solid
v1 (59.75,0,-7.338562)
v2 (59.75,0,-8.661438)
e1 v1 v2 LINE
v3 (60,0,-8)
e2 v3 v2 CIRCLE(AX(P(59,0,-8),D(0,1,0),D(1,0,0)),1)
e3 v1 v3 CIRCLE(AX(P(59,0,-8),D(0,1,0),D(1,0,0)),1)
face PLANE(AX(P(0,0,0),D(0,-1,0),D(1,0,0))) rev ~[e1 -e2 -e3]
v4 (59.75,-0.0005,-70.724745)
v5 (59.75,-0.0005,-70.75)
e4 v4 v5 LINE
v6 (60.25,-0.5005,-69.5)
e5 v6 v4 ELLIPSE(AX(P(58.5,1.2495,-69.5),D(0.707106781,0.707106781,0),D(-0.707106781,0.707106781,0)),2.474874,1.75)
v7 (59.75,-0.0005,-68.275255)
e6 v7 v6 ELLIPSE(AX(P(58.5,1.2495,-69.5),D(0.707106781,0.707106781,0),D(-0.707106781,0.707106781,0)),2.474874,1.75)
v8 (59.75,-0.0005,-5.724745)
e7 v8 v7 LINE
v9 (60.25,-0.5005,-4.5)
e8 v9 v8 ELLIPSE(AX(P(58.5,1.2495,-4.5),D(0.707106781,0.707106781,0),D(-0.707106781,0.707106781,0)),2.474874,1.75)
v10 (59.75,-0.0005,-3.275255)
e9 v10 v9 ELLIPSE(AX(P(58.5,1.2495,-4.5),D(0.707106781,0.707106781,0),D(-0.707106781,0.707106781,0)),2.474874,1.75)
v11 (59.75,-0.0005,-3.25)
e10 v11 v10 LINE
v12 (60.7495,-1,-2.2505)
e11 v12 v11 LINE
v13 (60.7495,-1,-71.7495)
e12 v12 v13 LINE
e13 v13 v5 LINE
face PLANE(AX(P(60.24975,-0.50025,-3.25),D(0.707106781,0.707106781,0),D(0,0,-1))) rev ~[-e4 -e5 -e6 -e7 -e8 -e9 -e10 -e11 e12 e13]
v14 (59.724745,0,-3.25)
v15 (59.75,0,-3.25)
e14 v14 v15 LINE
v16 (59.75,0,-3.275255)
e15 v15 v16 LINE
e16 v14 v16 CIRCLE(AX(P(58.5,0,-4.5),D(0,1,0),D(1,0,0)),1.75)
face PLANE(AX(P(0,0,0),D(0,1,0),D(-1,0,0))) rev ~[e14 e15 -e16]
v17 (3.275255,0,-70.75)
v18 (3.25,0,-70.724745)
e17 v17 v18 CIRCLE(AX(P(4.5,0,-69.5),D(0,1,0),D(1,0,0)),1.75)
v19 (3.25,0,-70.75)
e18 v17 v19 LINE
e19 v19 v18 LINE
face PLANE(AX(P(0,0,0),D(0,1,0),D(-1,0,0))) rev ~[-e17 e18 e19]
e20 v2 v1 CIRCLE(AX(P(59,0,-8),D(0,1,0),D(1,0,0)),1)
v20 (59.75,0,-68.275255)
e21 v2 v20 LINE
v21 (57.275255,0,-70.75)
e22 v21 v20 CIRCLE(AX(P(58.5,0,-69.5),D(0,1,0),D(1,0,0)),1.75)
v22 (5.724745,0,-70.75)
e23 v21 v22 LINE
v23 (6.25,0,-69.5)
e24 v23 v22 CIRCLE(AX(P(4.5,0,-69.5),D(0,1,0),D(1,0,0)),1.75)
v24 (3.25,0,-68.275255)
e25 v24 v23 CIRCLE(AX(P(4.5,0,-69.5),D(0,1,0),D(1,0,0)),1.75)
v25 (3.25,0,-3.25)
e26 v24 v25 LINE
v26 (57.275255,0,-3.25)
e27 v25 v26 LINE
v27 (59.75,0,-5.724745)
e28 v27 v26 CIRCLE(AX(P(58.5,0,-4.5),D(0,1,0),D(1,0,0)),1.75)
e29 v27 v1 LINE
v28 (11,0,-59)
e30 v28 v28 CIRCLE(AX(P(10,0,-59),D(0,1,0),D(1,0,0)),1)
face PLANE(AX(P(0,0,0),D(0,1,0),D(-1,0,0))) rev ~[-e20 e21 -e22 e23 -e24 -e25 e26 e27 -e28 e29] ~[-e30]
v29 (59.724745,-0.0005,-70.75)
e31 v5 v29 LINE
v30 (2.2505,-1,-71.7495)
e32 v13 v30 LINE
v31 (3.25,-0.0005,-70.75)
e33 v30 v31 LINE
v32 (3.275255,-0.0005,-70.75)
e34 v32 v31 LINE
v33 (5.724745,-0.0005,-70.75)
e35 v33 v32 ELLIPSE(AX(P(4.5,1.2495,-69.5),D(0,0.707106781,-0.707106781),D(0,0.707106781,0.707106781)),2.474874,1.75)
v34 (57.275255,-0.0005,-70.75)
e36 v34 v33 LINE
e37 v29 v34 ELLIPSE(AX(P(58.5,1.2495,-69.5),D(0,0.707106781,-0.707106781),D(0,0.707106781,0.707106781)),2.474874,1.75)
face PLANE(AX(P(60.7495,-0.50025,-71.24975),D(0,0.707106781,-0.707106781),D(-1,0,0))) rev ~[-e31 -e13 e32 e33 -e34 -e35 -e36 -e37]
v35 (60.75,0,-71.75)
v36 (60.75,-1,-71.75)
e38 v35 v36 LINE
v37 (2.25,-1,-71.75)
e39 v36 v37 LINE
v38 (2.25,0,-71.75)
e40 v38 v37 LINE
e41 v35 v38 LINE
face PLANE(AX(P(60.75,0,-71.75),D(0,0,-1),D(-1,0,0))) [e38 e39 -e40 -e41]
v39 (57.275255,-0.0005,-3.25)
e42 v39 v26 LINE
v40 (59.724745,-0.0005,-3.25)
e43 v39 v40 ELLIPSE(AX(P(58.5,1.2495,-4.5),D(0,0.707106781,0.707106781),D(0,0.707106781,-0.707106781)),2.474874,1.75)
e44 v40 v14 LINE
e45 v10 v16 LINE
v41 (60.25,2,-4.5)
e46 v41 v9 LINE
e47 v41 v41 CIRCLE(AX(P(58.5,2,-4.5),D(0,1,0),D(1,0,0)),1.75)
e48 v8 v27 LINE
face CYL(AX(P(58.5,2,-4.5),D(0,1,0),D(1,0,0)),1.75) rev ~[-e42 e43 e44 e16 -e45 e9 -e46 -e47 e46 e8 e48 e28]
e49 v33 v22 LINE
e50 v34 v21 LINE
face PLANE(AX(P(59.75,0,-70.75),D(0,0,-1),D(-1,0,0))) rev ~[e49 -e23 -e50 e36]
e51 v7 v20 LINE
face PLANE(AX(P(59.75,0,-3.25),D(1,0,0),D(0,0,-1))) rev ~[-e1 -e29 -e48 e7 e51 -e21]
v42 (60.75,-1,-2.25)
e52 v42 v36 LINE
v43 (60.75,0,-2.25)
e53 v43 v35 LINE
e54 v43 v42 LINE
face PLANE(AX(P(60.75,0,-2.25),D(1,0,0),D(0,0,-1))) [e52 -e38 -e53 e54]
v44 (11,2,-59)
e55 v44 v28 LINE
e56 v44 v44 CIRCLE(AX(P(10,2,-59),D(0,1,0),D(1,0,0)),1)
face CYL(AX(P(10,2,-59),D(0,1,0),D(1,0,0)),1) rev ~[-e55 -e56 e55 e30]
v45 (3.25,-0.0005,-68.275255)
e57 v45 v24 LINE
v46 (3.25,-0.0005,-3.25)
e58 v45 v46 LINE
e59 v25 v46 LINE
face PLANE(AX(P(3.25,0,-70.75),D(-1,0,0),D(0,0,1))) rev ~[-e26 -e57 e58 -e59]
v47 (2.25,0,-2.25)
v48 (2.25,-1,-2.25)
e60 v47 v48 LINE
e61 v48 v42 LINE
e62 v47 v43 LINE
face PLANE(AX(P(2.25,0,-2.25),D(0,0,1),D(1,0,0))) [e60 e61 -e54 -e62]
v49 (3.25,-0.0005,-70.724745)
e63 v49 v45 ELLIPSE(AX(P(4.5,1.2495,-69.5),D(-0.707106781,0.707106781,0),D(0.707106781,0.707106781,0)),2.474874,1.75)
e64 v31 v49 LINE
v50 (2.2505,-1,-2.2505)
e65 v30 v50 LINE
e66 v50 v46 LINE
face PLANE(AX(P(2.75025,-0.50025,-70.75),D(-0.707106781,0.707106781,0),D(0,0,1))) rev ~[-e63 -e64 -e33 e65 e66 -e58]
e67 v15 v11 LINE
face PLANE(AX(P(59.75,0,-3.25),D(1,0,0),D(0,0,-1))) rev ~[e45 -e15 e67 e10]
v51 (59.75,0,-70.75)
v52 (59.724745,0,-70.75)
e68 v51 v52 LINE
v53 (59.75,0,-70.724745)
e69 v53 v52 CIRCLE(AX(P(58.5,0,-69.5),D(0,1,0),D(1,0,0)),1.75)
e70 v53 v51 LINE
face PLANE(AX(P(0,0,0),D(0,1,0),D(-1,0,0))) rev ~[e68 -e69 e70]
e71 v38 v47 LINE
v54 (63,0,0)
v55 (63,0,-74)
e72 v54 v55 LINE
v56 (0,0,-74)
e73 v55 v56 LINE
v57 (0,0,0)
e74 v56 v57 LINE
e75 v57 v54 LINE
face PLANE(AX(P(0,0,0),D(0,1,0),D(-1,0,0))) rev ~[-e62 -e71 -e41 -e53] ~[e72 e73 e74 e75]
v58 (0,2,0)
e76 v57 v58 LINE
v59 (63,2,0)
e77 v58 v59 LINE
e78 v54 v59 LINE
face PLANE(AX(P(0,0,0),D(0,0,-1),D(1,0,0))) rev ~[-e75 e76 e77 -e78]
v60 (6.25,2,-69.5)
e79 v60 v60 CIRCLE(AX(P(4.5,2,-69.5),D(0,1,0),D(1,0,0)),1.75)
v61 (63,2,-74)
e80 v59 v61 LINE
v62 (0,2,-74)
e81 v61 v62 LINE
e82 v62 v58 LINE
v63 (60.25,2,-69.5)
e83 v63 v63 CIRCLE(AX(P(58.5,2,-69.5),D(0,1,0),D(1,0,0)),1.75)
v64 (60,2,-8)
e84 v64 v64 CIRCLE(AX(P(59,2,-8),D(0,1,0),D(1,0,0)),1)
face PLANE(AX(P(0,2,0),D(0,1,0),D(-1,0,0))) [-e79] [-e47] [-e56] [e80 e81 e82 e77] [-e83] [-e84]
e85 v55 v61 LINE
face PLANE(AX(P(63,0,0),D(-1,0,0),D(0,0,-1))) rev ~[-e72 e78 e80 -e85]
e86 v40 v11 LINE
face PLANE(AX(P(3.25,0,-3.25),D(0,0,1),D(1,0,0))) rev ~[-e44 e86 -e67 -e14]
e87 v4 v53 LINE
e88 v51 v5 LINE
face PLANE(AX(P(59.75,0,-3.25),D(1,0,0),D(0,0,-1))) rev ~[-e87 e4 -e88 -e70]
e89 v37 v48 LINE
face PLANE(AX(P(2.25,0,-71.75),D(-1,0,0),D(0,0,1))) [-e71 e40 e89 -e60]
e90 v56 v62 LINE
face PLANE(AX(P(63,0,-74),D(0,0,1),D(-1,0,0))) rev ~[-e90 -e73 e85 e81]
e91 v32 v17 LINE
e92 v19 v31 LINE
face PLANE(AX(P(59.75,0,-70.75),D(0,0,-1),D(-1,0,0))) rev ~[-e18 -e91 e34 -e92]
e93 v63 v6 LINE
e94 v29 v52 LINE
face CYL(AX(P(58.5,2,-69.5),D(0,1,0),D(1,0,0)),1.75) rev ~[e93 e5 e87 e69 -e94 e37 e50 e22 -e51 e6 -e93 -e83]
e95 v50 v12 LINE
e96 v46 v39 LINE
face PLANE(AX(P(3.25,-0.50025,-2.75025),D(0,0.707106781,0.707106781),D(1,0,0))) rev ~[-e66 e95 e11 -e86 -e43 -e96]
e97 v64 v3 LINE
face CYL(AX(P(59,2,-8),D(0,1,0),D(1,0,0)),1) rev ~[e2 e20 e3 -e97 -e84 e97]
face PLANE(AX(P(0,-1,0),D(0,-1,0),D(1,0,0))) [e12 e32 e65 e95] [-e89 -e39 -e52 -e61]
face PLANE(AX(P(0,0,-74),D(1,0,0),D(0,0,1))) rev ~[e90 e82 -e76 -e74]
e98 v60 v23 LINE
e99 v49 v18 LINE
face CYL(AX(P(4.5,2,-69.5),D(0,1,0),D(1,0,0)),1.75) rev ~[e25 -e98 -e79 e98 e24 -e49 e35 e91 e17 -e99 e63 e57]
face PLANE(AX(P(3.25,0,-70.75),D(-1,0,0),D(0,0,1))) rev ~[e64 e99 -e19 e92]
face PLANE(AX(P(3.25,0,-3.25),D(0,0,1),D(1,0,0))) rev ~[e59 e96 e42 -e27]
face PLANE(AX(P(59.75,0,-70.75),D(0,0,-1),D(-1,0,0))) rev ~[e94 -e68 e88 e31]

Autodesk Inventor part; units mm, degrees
ref_plane "YZ Plane" through (0, 0, 0) normal (1, 0, 0) x (0, 1, 0)
ref_plane "XZ Plane" through (0, 0, 0) normal (0, 1, 0) x (-1, 0, 0)
ref_plane "XY Plane" through (0, 0, 0) normal (0, 0, 1) x (1, 0, 0)
sketch "Sketch1" plane through (0, 0, 0) normal (0, 1, 0) x (-1, 0, 0)
  line L0 (0, 0) -> (-63, 0)
  line L1 (-63, 0) -> (-63, -74)
  line L2 (-63, -74) -> (0, -74)
  line L3 (0, -74) -> (0, 0)
  dimension "d0" = 63
  dimension "d1" = 74
extrude "Extrusion1" add sketch "Sketch1" along normal blind 2
sketch "Sketch2" plane through (0, 2, 0) normal (0, 1, 0) x (1, 0, 0)
  circle A0 centre (59, 8) radius 1
  line L0 (0, 0) -> (63, 0) projected
  line L1 (63, 0) -> (63, 74) projected
  circle A1 centre (10, 59) radius 1
  line L2 (63, 74) -> (0, 74) projected
  line L3 (0, 74) -> (0, 0) projected
  dimension "d4" = 2
  dimension "d5" = 8
  dimension "d6" = 4
  dimension "d7" = 2
  dimension "d8" = 15
  dimension "d9" = 10
extrude "Extrusion2" cut sketch "Sketch2" against normal up to next contours A0 | A1
sketch "Sketch3" plane through (0, 0, 0) normal (0, -1, 0) x (1, 0, 0)
  line L0 (2.25, -2.25) -> (60.75, -2.25)
  line L1 (60.75, -2.25) -> (60.75, -71.75)
  line L2 (60.75, -71.75) -> (2.25, -71.75)
  line L3 (2.25, -71.75) -> (2.25, -2.25)
  line L4 (0, 0) -> (63, 0) projected
  line L5 (0, -74) -> (0, 0) projected
  line L6 (3.25, -3.25) -> (59.75, -3.25)
  line L7 (59.75, -3.25) -> (59.75, -70.75)
  line L8 (59.75, -70.75) -> (3.25, -70.75)
  line L9 (3.25, -70.75) -> (3.25, -3.25)
  dimension "d12" = 58.5
  dimension "d13" = 69.5
  dimension "d14" = 2.25
  dimension "d15" = 2.25
  dimension "d16" = 56.5
  dimension "d17" = 67.5
  dimension "d18" = 1
  dimension "d19" = 1
extrude "Extrusion3" add sketch "Sketch3" along normal blind 1
chamfer "Chamfer1" distance 1 angle 45 1 edges at (3.25, -1, -37) measured on face at (3.25, -0.3333, -48.25)
chamfer "Chamfer2" distance 1 angle 45 1 edges at (31.5, -1, -3.25) measured on face at (40.9167, -0.3335, -3.25)
chamfer "Chamfer3" distance 1 angle 45 1 edges at (59.75, -1, -37) measured on face at (59.75, -0.6667, -27.5538)
chamfer "Chamfer4" distance 1 angle 45 1 edges at (31.5, -1, -70.75) measured on face at (22.0833, -0.6668, -70.75)
sketch "Sketch4" plane through (0, 2, 0) normal (0, 1, 0) x (1, 0, 0)
  circle A0 centre (4.5, 69.5) radius 1.75
  line L0 (63, 74) -> (0, 74) projected
  line L1 (0, 74) -> (0, 0) projected
  circle A1 centre (58.5, 69.5) radius 1.75
  line L2 (63, 0) -> (63, 74) projected
  circle A2 centre (58.5, 4.5) radius 1.75
  line L3 (0, 0) -> (63, 0) projected
  dimension "d34" = 3.5
  dimension "d35" = 4.5
  dimension "d36" = 4.5
  dimension "d37" = 3.5
  dimension "d38" = 4.5
  dimension "d39" = 4.5
  dimension "d40" = 3.5
  dimension "d41" = 4.5
  dimension "d42" = 4.5
extrude "Extrusion4" cut sketch "Sketch4" against normal up to next contours A0 | A1 | A2
properties part number "top"
